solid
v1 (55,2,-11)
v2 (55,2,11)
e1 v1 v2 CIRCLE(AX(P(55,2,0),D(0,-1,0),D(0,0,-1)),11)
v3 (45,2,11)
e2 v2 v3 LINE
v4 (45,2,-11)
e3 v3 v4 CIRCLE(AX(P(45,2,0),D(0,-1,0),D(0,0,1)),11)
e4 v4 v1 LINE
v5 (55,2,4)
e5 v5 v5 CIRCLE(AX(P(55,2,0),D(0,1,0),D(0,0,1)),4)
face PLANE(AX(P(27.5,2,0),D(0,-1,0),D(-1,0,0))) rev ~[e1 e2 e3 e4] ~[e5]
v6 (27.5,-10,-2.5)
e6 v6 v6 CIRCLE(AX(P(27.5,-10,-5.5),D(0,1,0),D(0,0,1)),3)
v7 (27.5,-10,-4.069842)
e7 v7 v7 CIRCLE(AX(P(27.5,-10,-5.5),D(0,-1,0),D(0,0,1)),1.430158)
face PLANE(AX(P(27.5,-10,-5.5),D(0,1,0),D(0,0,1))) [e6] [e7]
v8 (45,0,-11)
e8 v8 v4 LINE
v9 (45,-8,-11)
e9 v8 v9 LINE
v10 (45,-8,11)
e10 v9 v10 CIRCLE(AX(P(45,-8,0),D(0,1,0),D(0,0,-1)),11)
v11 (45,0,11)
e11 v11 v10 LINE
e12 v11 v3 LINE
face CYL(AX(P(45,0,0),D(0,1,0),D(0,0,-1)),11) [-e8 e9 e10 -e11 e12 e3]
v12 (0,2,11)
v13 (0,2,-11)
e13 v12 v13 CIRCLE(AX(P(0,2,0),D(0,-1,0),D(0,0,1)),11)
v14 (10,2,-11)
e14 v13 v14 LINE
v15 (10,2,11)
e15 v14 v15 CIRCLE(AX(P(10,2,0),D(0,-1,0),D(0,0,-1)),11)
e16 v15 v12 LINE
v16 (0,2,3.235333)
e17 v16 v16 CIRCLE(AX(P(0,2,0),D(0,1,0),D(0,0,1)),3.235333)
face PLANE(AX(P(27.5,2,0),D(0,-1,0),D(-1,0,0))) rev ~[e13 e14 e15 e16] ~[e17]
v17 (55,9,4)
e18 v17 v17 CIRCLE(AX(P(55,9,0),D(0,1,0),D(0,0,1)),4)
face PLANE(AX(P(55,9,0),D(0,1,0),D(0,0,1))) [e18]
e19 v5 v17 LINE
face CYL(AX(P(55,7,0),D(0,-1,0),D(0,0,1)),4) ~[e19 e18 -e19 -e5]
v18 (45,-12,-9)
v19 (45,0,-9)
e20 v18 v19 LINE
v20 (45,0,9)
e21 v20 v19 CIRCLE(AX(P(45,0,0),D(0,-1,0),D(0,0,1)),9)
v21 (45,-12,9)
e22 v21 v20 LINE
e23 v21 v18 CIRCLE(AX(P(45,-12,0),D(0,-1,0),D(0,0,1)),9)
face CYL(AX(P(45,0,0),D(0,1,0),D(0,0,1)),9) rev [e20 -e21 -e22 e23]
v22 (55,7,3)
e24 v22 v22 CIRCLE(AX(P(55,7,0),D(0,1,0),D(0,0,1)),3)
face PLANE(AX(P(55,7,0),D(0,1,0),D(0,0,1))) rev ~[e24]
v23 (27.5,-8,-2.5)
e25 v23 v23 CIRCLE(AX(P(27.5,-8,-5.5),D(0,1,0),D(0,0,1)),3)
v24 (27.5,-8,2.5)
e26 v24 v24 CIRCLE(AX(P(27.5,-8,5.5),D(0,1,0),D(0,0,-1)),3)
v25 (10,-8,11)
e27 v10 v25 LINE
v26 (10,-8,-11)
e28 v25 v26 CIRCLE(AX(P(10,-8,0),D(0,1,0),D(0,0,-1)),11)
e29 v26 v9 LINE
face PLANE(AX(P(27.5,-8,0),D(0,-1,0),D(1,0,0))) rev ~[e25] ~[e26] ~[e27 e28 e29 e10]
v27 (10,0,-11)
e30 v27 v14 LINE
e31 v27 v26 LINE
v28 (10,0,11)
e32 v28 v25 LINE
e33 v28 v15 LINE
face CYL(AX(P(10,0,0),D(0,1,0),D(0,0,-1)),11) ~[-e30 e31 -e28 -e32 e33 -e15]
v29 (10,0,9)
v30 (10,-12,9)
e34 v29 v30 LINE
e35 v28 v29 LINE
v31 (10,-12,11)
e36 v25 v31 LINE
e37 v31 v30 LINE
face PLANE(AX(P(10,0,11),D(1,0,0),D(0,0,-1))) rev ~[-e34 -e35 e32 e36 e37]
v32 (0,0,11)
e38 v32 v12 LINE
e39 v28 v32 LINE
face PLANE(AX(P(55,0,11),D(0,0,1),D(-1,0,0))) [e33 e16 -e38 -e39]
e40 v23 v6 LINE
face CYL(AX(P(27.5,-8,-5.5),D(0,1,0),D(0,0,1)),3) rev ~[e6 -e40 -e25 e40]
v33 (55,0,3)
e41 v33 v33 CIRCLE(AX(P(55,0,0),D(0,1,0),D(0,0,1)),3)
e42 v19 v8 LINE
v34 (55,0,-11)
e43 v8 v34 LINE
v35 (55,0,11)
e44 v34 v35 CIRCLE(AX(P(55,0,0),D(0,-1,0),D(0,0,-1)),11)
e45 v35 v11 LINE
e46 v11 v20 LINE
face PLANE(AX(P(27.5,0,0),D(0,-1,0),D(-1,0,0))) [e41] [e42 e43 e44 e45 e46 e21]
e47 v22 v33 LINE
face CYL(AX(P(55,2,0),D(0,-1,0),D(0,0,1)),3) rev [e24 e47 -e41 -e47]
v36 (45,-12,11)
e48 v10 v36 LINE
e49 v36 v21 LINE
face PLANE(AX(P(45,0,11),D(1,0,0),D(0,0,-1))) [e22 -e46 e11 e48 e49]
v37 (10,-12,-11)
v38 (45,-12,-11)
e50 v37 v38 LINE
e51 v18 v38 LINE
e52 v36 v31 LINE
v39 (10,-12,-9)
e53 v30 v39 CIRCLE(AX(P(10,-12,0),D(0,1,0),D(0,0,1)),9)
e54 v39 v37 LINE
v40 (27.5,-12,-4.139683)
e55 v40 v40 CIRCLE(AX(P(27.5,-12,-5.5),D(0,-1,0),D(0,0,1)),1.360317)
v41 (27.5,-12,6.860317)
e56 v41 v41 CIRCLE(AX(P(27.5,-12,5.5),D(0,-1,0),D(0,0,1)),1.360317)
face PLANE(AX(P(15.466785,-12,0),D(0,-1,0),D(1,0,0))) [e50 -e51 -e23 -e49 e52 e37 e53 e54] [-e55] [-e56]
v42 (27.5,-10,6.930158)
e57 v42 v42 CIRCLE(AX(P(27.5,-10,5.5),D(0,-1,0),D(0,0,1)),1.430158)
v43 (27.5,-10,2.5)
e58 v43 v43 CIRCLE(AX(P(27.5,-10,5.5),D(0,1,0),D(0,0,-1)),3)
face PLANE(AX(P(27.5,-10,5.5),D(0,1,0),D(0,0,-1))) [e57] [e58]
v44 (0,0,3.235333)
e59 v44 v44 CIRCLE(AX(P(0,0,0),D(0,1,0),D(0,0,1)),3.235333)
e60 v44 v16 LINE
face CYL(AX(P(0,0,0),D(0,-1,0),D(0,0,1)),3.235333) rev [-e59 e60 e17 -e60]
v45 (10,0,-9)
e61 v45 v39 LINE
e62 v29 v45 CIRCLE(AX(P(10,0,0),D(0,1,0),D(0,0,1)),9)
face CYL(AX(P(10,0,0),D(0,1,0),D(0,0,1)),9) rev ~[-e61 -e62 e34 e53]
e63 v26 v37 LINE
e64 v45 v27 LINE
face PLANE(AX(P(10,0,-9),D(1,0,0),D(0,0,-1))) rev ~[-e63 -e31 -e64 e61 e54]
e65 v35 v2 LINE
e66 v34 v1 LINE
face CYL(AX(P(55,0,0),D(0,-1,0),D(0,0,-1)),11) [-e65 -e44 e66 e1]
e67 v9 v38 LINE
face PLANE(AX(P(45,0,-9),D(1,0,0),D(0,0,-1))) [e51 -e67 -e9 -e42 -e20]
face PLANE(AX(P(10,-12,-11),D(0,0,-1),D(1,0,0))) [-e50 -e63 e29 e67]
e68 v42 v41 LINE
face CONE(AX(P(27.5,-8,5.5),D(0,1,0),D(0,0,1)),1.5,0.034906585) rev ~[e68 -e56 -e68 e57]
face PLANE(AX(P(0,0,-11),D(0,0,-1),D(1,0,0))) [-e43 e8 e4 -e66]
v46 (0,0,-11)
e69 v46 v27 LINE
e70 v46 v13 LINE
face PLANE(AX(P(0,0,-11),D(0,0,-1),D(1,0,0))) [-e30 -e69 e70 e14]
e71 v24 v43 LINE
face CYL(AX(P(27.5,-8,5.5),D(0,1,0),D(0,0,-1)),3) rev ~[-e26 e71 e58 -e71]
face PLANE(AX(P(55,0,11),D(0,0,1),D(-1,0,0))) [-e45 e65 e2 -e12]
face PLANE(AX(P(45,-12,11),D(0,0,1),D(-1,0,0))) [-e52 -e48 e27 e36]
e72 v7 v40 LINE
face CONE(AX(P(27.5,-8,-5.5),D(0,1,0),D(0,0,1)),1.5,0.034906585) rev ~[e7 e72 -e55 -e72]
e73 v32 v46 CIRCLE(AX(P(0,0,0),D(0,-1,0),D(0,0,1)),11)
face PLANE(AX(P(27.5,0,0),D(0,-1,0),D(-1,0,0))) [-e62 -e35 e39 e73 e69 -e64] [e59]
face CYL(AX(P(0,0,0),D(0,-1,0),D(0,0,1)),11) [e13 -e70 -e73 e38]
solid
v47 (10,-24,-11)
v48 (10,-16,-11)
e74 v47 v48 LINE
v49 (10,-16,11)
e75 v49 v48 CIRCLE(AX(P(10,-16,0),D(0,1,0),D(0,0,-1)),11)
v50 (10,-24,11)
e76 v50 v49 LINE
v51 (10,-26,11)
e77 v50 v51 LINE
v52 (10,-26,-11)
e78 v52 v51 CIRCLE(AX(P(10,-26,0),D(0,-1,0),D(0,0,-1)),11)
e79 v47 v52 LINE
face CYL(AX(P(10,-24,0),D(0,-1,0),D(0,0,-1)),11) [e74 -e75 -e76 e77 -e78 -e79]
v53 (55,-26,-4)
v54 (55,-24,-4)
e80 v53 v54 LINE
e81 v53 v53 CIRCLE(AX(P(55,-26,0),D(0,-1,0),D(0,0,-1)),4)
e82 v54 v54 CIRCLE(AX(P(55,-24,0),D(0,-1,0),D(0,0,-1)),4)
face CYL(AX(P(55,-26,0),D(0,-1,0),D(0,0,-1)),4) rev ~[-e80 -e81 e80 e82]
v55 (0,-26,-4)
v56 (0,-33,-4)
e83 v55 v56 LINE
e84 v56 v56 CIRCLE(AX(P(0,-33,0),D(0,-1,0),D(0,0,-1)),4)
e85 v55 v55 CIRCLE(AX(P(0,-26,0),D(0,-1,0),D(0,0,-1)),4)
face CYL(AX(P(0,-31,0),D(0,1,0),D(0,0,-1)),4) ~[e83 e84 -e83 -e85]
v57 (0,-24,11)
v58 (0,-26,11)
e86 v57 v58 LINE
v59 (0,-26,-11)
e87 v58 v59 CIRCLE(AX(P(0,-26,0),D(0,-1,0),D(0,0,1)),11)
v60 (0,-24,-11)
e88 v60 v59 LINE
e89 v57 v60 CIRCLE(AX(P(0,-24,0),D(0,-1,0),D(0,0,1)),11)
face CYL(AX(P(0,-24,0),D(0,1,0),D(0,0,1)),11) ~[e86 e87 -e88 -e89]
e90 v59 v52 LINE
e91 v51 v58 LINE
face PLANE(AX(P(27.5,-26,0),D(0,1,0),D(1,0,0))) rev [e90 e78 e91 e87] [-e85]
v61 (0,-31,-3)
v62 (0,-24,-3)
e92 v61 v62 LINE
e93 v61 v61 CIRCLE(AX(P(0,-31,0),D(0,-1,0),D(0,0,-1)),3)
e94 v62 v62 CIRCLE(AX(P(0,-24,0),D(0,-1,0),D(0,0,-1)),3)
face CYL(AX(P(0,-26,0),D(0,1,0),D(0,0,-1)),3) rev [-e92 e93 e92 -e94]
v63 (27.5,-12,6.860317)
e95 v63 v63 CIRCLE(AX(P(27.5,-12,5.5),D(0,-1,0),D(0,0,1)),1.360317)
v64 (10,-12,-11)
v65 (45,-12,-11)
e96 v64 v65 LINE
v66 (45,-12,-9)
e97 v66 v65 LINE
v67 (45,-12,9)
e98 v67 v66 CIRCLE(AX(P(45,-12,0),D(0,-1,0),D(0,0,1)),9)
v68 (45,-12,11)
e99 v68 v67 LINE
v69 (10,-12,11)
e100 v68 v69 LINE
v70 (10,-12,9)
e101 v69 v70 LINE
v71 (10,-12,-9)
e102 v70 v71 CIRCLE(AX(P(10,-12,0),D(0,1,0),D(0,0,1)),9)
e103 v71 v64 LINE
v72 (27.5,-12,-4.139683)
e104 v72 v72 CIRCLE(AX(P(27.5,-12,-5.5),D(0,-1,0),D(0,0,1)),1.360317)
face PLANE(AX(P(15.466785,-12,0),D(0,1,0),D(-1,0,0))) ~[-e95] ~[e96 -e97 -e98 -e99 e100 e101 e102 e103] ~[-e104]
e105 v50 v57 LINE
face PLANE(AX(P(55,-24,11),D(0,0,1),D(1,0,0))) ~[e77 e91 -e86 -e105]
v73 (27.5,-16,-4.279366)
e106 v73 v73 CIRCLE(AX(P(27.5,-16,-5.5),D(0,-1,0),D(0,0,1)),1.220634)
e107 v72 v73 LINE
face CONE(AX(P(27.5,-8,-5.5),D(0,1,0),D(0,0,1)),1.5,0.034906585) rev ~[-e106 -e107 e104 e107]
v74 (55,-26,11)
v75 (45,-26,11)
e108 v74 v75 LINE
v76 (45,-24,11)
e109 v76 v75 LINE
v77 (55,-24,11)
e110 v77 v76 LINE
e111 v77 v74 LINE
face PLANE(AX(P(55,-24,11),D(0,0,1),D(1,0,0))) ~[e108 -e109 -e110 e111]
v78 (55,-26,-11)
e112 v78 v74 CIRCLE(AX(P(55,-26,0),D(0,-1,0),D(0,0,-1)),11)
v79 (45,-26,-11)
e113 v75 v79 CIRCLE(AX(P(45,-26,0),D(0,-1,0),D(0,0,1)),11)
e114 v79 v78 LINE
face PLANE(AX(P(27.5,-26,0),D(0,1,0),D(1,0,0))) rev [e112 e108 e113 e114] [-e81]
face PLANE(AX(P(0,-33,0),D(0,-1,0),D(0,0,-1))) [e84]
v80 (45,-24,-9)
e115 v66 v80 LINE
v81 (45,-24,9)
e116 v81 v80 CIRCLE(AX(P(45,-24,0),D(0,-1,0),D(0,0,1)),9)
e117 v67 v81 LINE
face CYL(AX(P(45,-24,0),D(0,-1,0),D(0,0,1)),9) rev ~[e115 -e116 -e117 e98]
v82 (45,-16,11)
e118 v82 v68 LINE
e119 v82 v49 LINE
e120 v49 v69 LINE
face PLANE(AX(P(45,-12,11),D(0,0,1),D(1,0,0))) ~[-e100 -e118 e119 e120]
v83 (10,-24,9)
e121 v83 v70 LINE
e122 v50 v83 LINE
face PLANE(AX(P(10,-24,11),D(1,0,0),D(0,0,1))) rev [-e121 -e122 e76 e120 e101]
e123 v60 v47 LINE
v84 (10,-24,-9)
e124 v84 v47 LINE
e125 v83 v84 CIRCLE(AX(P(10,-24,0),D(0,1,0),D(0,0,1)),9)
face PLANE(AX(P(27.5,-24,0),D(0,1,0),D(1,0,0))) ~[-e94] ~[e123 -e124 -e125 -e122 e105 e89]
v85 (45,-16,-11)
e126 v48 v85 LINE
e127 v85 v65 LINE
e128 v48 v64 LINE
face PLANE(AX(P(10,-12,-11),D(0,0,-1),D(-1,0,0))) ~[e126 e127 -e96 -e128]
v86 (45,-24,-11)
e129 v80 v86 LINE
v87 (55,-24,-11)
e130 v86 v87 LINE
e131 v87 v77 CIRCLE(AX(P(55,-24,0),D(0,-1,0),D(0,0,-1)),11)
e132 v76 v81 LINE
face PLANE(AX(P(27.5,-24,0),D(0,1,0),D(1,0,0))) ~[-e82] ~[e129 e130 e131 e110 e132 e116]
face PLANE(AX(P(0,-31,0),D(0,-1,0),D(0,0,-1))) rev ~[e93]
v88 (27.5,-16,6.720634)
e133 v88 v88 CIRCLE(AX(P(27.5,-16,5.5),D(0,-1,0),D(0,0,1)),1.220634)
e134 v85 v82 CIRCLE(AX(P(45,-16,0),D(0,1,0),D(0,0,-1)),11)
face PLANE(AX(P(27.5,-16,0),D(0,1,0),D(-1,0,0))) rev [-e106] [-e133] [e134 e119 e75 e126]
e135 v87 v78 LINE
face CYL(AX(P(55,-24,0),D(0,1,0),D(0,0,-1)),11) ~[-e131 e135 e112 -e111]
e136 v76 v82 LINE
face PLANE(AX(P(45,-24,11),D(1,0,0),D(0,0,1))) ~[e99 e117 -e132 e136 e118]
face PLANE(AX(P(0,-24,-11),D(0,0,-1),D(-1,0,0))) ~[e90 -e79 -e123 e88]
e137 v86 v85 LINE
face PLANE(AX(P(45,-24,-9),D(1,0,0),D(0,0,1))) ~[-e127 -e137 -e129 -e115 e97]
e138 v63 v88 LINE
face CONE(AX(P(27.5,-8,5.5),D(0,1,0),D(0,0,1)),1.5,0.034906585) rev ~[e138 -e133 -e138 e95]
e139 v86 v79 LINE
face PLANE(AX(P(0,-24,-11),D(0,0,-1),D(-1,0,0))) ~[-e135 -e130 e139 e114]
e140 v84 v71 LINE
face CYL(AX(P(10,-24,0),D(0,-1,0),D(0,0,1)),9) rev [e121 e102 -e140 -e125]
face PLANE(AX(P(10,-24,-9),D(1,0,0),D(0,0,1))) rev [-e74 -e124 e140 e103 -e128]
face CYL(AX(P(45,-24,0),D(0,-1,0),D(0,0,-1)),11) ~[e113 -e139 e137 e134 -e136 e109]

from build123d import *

# Parameters (mm, degrees)
SKETCH1_R           = 3.235333301
SKETCH1_R_2         = 3
BOSS_EXTRUDE1_DEPTH = 2
CUT_EXTRUDE1_DEPTH  = 2
BOSS_EXTRUDE2_DEPTH = 12
BOSS_EXTRUDE3_DEPTH = 4
SKETCH5_R           = 4
SKETCH5_R_2         = 3
BOSS_EXTRUDE4_DEPTH = 5
SKETCH6_R           = 4
BOSS_EXTRUDE5_DEPTH = 2
SKETCH7_R           = 3.754027052
SKETCH7_R_2         = 3
BOSS_EXTRUDE6_DEPTH = 2
SKETCH9_R           = 4
SKETCH9_R_2         = 3
BOSS_EXTRUDE7_DEPTH = 5
SKETCH10_R          = 4
BOSS_EXTRUDE8_DEPTH = 2
SKETCH12_R          = 3.936333862
SKETCH12_R_2        = 3
BOSS_EXTRUDE9_DEPTH = 2
SKETCH14_R          = 4
CUT_EXTRUDE3_DEPTH  = 5
SKETCH15_R          = 4
CUT_EXTRUDE4_DEPTH  = 5
SKETCH17_R          = 3
CUT_EXTRUDE6_DEPTH  = 2


with BuildPart() as part:
    # Sketch1 → Boss-Extrude1 (new body)
    with BuildSketch(Plane(origin=(0, 0, 0), x_dir=(1, 0, 0), z_dir=(0, 1, 0))):
        with BuildLine():
            Line((0, 11), (55, 11))
            ThreePointArc((55, 11), (66, 0), (55, -11))
            Line((55, -11), (0, -11))
            ThreePointArc((0, -11), (-11, 0), (0, 11))
        make_face()
        with Locations(Location((0, 0, 0), (0, 0, 270))):
            Circle(SKETCH1_R, mode=Mode.SUBTRACT)
        with Locations(Location((55, 0, 0), (0, 0, 270))):
            Circle(SKETCH1_R_2, mode=Mode.SUBTRACT)
    extrude(amount=BOSS_EXTRUDE1_DEPTH)

    # Sketch2 → Cut-Extrude1 (cut)
    with BuildSketch(Plane.XZ):
        with BuildLine():
            Line((10, 11), (45, 11))
            ThreePointArc((45, 11), (34, 0), (45, -11))
            Line((45, -11), (10, -11))
            ThreePointArc((10, -11), (21, 0), (10, 11))
        make_face()
    extrude(amount=-CUT_EXTRUDE1_DEPTH, mode=Mode.SUBTRACT)


with BuildPart() as cut_extrude1_piece_1:
    # of the separate pieces the step leaves, piece 1, a body of its own (cut_extrude1_pieces)
    add(part.part.solids().sort_by_distance((45, 0, -11))[0])



with BuildPart() as cut_extrude1_piece_2:
    # of the separate pieces the step leaves, piece 2, a body of its own (cut_extrude1_pieces)
    add(part.part.solids().sort_by_distance((0, 0, -11))[0])


with BuildPart() as cut_extrude1_piece_1_1:
    add(cut_extrude1_piece_1.part)

    add(cut_extrude1_piece_2.part)  # Boss-Extrude2 merges Cut-Extrude1 piece 2
    # Sketch3 → Boss-Extrude2 (add)
    with BuildSketch(Plane.XZ):
        with BuildLine():
            Line((45, 11), (45, 9))
            ThreePointArc((45, 9), (36, 0), (45, -9))
            Line((45, -9), (45, -11))
            ThreePointArc((45, -11), (34, 0), (45, 11))
        make_face()
        with BuildLine():
            Line((10, 11), (10, 9))
            ThreePointArc((10, 9), (19, 0), (10, -9))
            Line((10, -9), (10, -11))
            ThreePointArc((10, -11), (21, 0), (10, 11))
        make_face()
    extrude(amount=BOSS_EXTRUDE2_DEPTH)

    # Sketch4 → Boss-Extrude3 (add)
    with BuildSketch(Plane.XZ.offset(12)):
        with BuildLine():
            Line((10, -9), (10, -11))
            Line((10, -11), (45, -11))
            Line((45, -11), (45, -9))
            ThreePointArc((45, -9), (36, 0), (45, 9))
            Line((45, 9), (45, 11))
            Line((45, 11), (10, 11))
            Line((10, 11), (10, 9))
            ThreePointArc((10, 9), (19, 0), (10, -9))
        make_face()
    extrude(amount=-BOSS_EXTRUDE3_DEPTH)


with BuildPart() as body_2:
    # Mirror2: mirrored copy
    add(cut_extrude1_piece_1_1.part.mirror(Plane(origin=(0, -12, 0), x_dir=(0, 0, 1), z_dir=(0, -1, 0))))

    # Sketch7 → Boss-Extrude6 (add)
    with BuildSketch(Plane.XZ.offset(26)):
        Circle(SKETCH7_R)
        with Locations(Location((0, 0, 0), (0, 0, 270))):
            Circle(SKETCH7_R_2, mode=Mode.SUBTRACT)
    extrude(amount=-BOSS_EXTRUDE6_DEPTH)

    # Sketch9 → Boss-Extrude7 (add)
    with BuildSketch(Plane.XZ.offset(26)):
        with Locations(Location((0, 0, 0), (0, 0, 270))):
            Circle(SKETCH9_R)
        with Locations(Location((0, 0, 0), (0, 0, 270))):
            Circle(SKETCH9_R_2, mode=Mode.SUBTRACT)
    extrude(amount=BOSS_EXTRUDE7_DEPTH)

    # Sketch10 → Boss-Extrude8 (add)
    with BuildSketch(Plane.XZ.offset(31)):
        with Locations(Location((0, 0, 0), (0, 0, 270))):
            Circle(SKETCH10_R)
    extrude(amount=BOSS_EXTRUDE8_DEPTH)

    # Sketch15 → Cut-Extrude4 (cut)
    with BuildSketch(Plane.XZ.offset(26)):
        with Locations(Location((55, 0, 0), (0, 0, 270))):
            Circle(SKETCH15_R)
    extrude(amount=-CUT_EXTRUDE4_DEPTH, mode=Mode.SUBTRACT)


with BuildPart() as cut_extrude1_piece_1_2:
    add(cut_extrude1_piece_1_1.part)

    # Sketch5 → Boss-Extrude4 (add)
    with BuildSketch(Plane(origin=(0, 2, 0), x_dir=(1, 0, 0), z_dir=(0, 1, 0))):
        with Locations(Location((55, 0, 0), (0, 0, 270))):
            Circle(SKETCH5_R)
        with Locations(Location((55, 0, 0), (0, 0, 270))):
            Circle(SKETCH5_R_2, mode=Mode.SUBTRACT)
    extrude(amount=BOSS_EXTRUDE4_DEPTH)

    # Sketch6 → Boss-Extrude5 (add)
    with BuildSketch(Plane(origin=(0, 7, 0), x_dir=(1, 0, 0), z_dir=(0, 1, 0))):
        with Locations(Location((55, 0, 0), (0, 0, 270))):
            Circle(SKETCH6_R)
    extrude(amount=BOSS_EXTRUDE5_DEPTH)


with BuildPart() as body_3:
    # Sketch12 → Boss-Extrude9 (new body)
    with BuildSketch(Plane(origin=(0, 2, 0), x_dir=(1, 0, 0), z_dir=(0, 1, 0))):
        with Locations(Location((0, 0, 0), (0, 0, 270))):
            Circle(SKETCH12_R)
        with Locations(Location((0, 0, 0), (0, 0, 90))):
            Circle(SKETCH12_R_2, mode=Mode.SUBTRACT)
    extrude(amount=-BOSS_EXTRUDE9_DEPTH)

    # Sketch14 → Cut-Extrude3 (cut)
    with BuildSketch(Plane(origin=(0, 2, 0), x_dir=(1, 0, 0), z_dir=(0, 1, 0))):
        with Locations(Location((0, 0, 0), (0, 0, 90))):
            Circle(SKETCH14_R)
    extrude(amount=-CUT_EXTRUDE3_DEPTH, mode=Mode.SUBTRACT)


with BuildPart() as cut_extrude5_tool:
    # Cut-Extrude5 cone 1 section (through the dimple's axis) → Cut-Extrude5 (revolve)
    with BuildSketch(Plane(origin=(27.5, -8, -5.5), x_dir=(0, 0, 1), z_dir=(1, 0, 0))):
        Polygon((0, 0), (1.5, 0), (0, 42.954379924), align=None)
    revolve(axis=Axis((27.5, -8, -5.5), (0, -1, 0)))


with BuildPart() as cut_extrude1_piece_1_3:
    add(cut_extrude1_piece_1_2.part)

    # Cut-Extrude5: cut by cut_extrude5_tool
    add(cut_extrude5_tool.part, mode=Mode.SUBTRACT)


with BuildPart() as body_2_1:
    add(body_2.part)

    # Cut-Extrude5: cut by cut_extrude5_tool
    add(cut_extrude5_tool.part, mode=Mode.SUBTRACT)


with BuildPart() as cut_extrude5_cone_2_tool:
    # Cut-Extrude5 cone 2 section (through the dimple's axis) → Cut-Extrude5 cone 2 (revolve)
    with BuildSketch(Plane(origin=(27.5, -8, 5.5), x_dir=(0, 0, 1), z_dir=(1, 0, 0))):
        Polygon((0, 0), (1.5, 0), (0, 42.954379924), align=None)
    revolve(axis=Axis((27.5, -8, 5.5), (0, -1, 0)))


with BuildPart() as cut_extrude1_piece_1_4:
    add(cut_extrude1_piece_1_3.part)

    # Cut-Extrude5 cone 2: cut by cut_extrude5_cone_2_tool
    add(cut_extrude5_cone_2_tool.part, mode=Mode.SUBTRACT)

    # Sketch17 → Cut-Extrude6 (cut)
    with BuildSketch(Plane(origin=(0, -8, 0), x_dir=(1, 0, 0), z_dir=(0, 1, 0))):
        with Locations(Location((27.5, 5.5, 0), (0, 0, 270))):
            Circle(SKETCH17_R)
        with Locations(Location((27.5, -5.5, 0), (0, 0, 90))):
            Circle(SKETCH17_R)
    extrude(amount=-CUT_EXTRUDE6_DEPTH, mode=Mode.SUBTRACT)


with BuildPart() as body_2_2:
    add(body_2_1.part)

    # Cut-Extrude5 cone 2: cut by cut_extrude5_cone_2_tool
    add(cut_extrude5_cone_2_tool.part, mode=Mode.SUBTRACT)


solid = Compound([cut_extrude1_piece_1_4.part, body_2_2.part])
